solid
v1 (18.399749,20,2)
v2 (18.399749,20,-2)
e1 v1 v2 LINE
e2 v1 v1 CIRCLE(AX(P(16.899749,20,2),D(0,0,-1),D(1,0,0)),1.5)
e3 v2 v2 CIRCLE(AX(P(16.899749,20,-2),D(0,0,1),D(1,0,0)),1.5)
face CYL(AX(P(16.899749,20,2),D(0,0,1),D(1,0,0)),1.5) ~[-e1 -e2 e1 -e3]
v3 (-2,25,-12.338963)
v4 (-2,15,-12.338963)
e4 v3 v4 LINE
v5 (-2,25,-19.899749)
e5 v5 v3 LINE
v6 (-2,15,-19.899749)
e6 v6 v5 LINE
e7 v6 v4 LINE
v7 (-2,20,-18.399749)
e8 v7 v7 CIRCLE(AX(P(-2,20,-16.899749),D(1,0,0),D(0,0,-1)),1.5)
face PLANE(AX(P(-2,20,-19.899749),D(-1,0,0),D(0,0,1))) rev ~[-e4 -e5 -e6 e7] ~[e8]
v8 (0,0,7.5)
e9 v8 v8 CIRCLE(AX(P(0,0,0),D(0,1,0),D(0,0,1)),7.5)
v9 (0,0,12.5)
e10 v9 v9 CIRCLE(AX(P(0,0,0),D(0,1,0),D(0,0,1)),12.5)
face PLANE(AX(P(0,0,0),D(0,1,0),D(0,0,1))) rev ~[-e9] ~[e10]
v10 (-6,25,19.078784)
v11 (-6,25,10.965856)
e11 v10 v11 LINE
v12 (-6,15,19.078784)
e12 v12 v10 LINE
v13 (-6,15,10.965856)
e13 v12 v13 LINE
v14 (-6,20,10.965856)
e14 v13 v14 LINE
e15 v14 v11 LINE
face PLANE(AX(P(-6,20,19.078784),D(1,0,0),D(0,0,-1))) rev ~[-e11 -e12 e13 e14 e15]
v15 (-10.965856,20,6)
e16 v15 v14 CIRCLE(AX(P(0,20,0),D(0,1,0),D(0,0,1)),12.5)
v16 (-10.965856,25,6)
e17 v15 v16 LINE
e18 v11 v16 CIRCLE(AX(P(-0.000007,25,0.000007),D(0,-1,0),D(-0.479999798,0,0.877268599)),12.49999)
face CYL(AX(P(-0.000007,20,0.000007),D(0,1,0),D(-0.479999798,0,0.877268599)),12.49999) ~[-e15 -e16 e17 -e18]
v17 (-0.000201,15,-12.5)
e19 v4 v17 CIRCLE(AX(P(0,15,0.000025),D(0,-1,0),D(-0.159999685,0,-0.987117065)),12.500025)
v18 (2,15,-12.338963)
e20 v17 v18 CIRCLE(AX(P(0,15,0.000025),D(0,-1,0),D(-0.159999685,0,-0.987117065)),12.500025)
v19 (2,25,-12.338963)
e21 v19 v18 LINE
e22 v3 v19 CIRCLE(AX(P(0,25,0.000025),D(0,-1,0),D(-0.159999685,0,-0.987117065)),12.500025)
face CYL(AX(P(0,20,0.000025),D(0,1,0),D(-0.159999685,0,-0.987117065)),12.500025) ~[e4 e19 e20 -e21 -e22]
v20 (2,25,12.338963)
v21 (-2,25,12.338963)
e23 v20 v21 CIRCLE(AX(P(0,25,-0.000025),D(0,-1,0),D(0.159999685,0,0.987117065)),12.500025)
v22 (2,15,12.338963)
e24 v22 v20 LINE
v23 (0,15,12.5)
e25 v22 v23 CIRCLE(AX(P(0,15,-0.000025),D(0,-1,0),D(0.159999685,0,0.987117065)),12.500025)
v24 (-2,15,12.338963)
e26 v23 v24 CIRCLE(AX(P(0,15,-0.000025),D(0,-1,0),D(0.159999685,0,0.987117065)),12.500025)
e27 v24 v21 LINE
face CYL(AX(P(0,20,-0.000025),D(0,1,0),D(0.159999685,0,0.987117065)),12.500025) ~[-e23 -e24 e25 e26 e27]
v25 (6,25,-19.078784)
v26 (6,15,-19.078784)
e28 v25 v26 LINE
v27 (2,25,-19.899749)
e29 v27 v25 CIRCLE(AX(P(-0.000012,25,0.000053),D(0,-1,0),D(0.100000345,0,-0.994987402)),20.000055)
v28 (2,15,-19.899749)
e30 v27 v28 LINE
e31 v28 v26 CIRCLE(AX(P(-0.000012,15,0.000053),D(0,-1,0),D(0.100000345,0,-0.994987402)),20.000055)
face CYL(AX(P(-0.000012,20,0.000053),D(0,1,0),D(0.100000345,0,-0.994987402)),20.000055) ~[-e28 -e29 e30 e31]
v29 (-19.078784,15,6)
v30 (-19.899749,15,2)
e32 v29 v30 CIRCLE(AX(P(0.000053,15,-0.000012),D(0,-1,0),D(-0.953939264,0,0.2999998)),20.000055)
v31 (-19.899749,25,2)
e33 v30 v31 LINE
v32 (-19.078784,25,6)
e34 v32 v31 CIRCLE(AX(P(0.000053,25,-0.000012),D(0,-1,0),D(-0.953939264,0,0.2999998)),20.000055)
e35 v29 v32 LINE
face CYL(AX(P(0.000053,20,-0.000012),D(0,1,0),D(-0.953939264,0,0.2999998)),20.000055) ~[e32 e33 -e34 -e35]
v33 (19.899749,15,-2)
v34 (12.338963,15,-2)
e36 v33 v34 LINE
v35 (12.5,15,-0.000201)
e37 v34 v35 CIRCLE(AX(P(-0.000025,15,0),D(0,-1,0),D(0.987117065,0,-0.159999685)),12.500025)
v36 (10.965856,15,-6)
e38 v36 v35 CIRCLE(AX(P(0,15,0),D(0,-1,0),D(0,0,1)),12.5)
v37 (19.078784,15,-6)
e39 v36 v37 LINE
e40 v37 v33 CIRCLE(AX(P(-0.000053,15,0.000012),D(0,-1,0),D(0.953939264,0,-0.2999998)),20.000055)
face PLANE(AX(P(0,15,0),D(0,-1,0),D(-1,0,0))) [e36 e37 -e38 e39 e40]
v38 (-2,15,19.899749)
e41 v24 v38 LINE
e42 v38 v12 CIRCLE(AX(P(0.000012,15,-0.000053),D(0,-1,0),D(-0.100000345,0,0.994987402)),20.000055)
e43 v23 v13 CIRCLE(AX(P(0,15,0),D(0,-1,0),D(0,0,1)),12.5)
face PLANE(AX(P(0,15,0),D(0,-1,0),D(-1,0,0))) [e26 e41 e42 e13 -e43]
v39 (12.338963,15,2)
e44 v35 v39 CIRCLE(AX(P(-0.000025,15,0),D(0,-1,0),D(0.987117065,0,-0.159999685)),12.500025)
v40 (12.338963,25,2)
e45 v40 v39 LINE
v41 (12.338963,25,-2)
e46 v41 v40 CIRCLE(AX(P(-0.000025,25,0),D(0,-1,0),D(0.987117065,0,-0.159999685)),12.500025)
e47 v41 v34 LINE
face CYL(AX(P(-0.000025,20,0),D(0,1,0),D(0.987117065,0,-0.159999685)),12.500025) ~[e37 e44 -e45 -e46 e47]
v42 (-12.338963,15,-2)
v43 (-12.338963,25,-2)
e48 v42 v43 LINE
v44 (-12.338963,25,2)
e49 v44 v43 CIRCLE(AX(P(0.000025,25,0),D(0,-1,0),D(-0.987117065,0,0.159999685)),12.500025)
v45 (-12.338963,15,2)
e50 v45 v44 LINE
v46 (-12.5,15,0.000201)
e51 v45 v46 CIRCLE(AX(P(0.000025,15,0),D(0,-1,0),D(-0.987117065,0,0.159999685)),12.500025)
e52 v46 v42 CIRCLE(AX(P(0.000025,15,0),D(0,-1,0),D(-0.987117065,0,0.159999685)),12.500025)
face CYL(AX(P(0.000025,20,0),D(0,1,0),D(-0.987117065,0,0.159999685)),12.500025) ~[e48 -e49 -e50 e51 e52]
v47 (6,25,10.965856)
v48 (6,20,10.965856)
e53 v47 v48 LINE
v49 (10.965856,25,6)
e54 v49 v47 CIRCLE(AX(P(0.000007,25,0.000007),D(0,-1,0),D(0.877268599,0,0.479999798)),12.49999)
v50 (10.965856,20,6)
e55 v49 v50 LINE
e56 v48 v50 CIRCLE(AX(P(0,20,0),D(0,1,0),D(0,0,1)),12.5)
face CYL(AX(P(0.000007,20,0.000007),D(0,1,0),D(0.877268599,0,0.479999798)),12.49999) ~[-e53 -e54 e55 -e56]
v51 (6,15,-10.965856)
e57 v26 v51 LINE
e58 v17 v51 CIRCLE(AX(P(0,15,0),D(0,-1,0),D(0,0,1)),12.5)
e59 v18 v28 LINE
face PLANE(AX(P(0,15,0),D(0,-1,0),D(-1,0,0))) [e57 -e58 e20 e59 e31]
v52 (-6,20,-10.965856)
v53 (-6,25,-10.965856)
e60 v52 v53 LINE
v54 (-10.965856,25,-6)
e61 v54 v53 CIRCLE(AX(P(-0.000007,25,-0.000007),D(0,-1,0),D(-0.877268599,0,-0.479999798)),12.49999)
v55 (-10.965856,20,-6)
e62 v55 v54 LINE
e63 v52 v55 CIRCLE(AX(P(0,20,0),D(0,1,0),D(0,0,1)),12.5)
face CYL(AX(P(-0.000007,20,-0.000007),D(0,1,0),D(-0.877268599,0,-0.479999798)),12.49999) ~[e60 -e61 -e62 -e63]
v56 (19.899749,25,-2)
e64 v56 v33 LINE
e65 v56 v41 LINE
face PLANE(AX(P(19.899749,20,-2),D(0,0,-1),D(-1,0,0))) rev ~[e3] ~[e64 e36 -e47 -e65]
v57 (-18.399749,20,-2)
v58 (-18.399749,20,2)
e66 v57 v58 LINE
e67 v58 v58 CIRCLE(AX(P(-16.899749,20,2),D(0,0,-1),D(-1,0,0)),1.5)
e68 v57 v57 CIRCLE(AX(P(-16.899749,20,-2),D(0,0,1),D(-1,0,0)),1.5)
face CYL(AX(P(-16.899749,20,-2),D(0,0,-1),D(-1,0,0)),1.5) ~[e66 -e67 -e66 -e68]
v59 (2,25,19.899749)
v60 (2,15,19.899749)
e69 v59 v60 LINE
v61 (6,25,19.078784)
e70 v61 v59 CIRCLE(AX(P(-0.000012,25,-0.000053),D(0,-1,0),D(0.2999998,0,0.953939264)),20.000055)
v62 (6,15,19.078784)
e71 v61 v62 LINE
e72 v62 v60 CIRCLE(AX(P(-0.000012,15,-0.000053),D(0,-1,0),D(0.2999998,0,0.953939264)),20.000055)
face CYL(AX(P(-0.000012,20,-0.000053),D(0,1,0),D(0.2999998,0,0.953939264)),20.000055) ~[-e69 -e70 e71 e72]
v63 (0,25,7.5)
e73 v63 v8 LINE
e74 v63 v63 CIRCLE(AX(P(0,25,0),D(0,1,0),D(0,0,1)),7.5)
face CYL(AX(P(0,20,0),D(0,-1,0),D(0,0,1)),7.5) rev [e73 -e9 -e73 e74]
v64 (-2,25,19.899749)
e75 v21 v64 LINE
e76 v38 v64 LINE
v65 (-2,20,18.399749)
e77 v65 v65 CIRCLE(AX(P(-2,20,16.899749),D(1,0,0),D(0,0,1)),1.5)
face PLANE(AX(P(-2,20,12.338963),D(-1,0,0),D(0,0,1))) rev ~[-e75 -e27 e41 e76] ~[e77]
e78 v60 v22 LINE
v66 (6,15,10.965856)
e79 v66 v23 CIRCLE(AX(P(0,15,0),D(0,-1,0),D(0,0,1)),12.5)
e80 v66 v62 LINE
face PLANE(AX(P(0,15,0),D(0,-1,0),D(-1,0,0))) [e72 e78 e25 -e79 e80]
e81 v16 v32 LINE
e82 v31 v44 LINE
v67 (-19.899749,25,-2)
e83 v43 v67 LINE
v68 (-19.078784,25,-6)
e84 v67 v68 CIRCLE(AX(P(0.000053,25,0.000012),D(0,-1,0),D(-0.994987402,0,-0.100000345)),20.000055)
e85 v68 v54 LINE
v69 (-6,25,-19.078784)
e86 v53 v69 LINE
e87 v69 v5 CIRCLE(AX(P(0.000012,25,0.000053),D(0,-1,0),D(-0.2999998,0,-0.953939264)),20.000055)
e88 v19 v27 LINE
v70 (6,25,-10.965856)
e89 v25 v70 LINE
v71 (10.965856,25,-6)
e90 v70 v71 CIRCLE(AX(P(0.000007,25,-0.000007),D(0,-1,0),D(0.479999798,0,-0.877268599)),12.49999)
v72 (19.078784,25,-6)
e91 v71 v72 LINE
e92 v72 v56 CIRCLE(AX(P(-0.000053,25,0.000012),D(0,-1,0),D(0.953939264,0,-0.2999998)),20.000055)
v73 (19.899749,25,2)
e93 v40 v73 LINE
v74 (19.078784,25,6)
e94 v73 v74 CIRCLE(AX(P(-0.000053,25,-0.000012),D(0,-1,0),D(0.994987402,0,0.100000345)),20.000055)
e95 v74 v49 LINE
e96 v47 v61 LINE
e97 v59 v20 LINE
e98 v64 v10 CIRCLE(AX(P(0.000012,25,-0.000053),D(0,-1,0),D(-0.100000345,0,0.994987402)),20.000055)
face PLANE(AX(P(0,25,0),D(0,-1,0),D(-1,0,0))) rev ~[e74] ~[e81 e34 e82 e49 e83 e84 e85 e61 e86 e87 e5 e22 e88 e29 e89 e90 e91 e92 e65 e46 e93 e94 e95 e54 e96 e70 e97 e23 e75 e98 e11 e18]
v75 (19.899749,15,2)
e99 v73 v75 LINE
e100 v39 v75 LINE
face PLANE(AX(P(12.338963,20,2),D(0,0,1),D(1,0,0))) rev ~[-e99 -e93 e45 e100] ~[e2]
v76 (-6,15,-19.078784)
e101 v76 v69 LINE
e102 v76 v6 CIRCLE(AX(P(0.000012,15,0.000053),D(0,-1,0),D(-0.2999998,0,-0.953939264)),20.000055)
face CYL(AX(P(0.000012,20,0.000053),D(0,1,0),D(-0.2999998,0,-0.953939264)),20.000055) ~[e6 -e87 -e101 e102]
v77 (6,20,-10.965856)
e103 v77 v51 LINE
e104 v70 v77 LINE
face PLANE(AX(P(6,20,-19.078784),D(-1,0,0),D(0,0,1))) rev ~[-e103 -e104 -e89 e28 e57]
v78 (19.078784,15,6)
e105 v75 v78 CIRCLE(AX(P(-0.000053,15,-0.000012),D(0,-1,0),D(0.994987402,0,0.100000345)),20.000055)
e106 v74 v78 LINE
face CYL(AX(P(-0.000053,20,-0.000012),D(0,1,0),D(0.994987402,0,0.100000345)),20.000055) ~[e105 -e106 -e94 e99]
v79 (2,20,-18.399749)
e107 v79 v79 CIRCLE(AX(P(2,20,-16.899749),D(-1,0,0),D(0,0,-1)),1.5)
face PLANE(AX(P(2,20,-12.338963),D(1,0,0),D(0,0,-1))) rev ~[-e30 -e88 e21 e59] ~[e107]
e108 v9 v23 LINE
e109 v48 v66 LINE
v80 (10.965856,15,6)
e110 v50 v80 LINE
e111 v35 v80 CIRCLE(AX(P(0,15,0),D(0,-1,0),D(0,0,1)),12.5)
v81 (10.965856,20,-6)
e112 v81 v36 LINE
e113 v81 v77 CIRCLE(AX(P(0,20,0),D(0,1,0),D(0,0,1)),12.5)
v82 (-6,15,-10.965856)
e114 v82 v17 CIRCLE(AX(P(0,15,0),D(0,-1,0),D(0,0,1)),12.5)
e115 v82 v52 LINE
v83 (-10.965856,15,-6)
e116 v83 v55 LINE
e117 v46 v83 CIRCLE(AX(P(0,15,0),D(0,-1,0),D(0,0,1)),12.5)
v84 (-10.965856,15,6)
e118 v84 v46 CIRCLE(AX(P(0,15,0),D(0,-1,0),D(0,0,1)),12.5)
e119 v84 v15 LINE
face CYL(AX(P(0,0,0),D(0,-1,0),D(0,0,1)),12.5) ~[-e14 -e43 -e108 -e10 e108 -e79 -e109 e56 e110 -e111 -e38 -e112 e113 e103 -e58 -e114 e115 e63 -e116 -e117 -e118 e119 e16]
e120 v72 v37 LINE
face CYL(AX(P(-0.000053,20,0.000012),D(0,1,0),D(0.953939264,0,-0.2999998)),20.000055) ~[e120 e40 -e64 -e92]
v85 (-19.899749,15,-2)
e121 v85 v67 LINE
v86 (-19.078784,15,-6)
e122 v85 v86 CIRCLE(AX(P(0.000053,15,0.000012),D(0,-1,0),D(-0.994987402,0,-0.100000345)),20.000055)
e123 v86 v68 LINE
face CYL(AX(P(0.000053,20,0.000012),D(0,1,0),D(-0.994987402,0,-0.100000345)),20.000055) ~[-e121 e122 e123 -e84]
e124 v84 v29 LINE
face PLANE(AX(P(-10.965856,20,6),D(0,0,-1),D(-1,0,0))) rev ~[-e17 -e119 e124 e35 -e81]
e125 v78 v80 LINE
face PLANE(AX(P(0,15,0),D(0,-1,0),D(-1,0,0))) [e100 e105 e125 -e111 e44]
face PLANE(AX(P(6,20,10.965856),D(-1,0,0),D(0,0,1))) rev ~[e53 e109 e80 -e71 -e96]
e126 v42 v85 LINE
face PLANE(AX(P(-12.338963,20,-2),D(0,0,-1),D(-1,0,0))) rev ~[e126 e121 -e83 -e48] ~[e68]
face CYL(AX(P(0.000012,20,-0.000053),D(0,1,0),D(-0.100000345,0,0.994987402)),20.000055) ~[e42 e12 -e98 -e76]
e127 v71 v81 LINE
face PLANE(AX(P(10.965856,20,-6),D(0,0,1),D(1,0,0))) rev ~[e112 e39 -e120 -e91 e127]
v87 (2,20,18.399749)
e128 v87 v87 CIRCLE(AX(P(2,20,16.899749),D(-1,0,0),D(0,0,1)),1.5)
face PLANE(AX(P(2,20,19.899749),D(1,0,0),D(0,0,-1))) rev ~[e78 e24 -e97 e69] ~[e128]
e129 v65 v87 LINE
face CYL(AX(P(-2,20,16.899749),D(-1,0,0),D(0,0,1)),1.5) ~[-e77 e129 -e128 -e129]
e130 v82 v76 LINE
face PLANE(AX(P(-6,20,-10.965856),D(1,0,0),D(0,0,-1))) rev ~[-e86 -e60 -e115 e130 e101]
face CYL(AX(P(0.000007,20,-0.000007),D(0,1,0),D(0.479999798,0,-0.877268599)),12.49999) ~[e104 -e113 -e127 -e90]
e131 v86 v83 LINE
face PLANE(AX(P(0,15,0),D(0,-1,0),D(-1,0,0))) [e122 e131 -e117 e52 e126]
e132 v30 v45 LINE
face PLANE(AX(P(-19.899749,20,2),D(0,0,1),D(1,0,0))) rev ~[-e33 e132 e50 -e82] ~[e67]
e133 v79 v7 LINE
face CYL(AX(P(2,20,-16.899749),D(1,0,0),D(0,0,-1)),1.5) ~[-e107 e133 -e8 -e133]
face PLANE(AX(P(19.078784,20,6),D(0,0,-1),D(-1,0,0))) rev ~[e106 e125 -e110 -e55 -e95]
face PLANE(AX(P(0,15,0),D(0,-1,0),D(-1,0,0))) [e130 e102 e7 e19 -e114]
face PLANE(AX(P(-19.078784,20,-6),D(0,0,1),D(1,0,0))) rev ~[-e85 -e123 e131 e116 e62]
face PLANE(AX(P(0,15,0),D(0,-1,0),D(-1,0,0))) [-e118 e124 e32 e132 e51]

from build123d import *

# Parameters (mm, degrees)
SKETCH1_R           = 12.5
SKETCH1_R_2         = 7.5
BOSS_EXTRUDE1_DEPTH = 20
SKETCH2_R           = 7.5
BOSS_EXTRUDE2_DEPTH = 5
SKETCH3_R           = 1.5
BOSS_EXTRUDE3_DEPTH = 7
CIRPATTERN1_COUNT   = 4


with BuildPart() as part:
    # Sketch1 → Boss-Extrude1 (new body)
    with BuildSketch(Plane(origin=(0, 0, 0), x_dir=(1, 0, 0), z_dir=(0, 1, 0))):
        with Locations(Location((0, 0, 0), (0, 0, 270))):
            Circle(SKETCH1_R)
        with Locations(Location((0, 0, 0), (0, 0, 270))):
            Circle(SKETCH1_R_2, mode=Mode.SUBTRACT)
    extrude(amount=BOSS_EXTRUDE1_DEPTH)

    # Sketch2 → Boss-Extrude2 (add, symmetric)
    with BuildSketch(Plane(origin=(0, 20, 0), x_dir=(1, 0, 0), z_dir=(0, 1, 0))):
        with BuildLine():
            Line((-2, 19.899749), (-2, 12.338963))
            ThreePointArc((-2, 12.338963), (0, 12.5), (2, 12.338963))
            Line((2, 12.338963), (2, 19.899749))
            ThreePointArc((2, 19.899749), (4.021007, 19.591618), (6, 19.078784))
            Line((6, 19.078784), (6, 10.965856))
            ThreePointArc((6, 10.965856), (8.838835, 8.838835), (10.965856, 6))
            Line((10.965856, 6), (19.078784, 6))
            ThreePointArc((19.078784, 6), (19.591618, 4.021007), (19.899749, 2))
            Line((19.899749, 2), (12.338963, 2))
            ThreePointArc((12.338963, 2), (12.5, 0), (12.338963, -2))
            Line((12.338963, -2), (19.899749, -2))
            ThreePointArc((19.899749, -2), (19.591618, -4.021007), (19.078784, -6))
            Line((19.078784, -6), (10.965856, -6))
            ThreePointArc((10.965856, -6), (8.838835, -8.838835), (6, -10.965856))
            Line((6, -10.965856), (6, -19.078784))
            ThreePointArc((6, -19.078784), (4.021007, -19.591618), (2, -19.899749))
            Line((2, -19.899749), (2, -12.338963))
            ThreePointArc((2, -12.338963), (0, -12.5), (-2, -12.338963))
            Line((-2, -12.338963), (-2, -19.899749))
            ThreePointArc((-2, -19.899749), (-4.021007, -19.591618), (-6, -19.078784))
            Line((-6, -19.078784), (-6, -10.965856))
            ThreePointArc((-6, -10.965856), (-8.838835, -8.838835), (-10.965856, -6))
            Line((-10.965856, -6), (-19.078784, -6))
            ThreePointArc((-19.078784, -6), (-19.591618, -4.021007), (-19.899749, -2))
            Line((-19.899749, -2), (-12.338963, -2))
            ThreePointArc((-12.338963, -2), (-12.5, 0), (-12.338963, 2))
            Line((-12.338963, 2), (-19.899749, 2))
            ThreePointArc((-19.899749, 2), (-19.591618, 4.021007), (-19.078784, 6))
            Line((-19.078784, 6), (-10.965856, 6))
            ThreePointArc((-10.965856, 6), (-8.838835, 8.838835), (-6, 10.965856))
            Line((-6, 10.965856), (-6, 19.078784))
            ThreePointArc((-6, 19.078784), (-4.021007, 19.591618), (-2, 19.899749))
        make_face()
        with Locations(Location((0, 0, 0), (0, 0, 270))):
            Circle(SKETCH2_R, mode=Mode.SUBTRACT)
    extrude(amount=BOSS_EXTRUDE2_DEPTH, both=True)

    # Sketch3 → Boss-Extrude3 (add)
    with BuildSketch(Plane.XY.offset(-2)):
        with Locations(Location((-16.899749, 20, 0), (0, 0, 180))):
            Circle(SKETCH3_R)
    boss_extrude3 = extrude(amount=BOSS_EXTRUDE3_DEPTH)

    # CirPattern1: Boss-Extrude3 ×4 about axis
    cirpattern1_axis = Axis((0, 0, 0), (0, -1, 0))
    for i in range(1, CIRPATTERN1_COUNT):
        add(boss_extrude3.rotate(cirpattern1_axis, i * 360 / CIRPATTERN1_COUNT))


solid = part.part
